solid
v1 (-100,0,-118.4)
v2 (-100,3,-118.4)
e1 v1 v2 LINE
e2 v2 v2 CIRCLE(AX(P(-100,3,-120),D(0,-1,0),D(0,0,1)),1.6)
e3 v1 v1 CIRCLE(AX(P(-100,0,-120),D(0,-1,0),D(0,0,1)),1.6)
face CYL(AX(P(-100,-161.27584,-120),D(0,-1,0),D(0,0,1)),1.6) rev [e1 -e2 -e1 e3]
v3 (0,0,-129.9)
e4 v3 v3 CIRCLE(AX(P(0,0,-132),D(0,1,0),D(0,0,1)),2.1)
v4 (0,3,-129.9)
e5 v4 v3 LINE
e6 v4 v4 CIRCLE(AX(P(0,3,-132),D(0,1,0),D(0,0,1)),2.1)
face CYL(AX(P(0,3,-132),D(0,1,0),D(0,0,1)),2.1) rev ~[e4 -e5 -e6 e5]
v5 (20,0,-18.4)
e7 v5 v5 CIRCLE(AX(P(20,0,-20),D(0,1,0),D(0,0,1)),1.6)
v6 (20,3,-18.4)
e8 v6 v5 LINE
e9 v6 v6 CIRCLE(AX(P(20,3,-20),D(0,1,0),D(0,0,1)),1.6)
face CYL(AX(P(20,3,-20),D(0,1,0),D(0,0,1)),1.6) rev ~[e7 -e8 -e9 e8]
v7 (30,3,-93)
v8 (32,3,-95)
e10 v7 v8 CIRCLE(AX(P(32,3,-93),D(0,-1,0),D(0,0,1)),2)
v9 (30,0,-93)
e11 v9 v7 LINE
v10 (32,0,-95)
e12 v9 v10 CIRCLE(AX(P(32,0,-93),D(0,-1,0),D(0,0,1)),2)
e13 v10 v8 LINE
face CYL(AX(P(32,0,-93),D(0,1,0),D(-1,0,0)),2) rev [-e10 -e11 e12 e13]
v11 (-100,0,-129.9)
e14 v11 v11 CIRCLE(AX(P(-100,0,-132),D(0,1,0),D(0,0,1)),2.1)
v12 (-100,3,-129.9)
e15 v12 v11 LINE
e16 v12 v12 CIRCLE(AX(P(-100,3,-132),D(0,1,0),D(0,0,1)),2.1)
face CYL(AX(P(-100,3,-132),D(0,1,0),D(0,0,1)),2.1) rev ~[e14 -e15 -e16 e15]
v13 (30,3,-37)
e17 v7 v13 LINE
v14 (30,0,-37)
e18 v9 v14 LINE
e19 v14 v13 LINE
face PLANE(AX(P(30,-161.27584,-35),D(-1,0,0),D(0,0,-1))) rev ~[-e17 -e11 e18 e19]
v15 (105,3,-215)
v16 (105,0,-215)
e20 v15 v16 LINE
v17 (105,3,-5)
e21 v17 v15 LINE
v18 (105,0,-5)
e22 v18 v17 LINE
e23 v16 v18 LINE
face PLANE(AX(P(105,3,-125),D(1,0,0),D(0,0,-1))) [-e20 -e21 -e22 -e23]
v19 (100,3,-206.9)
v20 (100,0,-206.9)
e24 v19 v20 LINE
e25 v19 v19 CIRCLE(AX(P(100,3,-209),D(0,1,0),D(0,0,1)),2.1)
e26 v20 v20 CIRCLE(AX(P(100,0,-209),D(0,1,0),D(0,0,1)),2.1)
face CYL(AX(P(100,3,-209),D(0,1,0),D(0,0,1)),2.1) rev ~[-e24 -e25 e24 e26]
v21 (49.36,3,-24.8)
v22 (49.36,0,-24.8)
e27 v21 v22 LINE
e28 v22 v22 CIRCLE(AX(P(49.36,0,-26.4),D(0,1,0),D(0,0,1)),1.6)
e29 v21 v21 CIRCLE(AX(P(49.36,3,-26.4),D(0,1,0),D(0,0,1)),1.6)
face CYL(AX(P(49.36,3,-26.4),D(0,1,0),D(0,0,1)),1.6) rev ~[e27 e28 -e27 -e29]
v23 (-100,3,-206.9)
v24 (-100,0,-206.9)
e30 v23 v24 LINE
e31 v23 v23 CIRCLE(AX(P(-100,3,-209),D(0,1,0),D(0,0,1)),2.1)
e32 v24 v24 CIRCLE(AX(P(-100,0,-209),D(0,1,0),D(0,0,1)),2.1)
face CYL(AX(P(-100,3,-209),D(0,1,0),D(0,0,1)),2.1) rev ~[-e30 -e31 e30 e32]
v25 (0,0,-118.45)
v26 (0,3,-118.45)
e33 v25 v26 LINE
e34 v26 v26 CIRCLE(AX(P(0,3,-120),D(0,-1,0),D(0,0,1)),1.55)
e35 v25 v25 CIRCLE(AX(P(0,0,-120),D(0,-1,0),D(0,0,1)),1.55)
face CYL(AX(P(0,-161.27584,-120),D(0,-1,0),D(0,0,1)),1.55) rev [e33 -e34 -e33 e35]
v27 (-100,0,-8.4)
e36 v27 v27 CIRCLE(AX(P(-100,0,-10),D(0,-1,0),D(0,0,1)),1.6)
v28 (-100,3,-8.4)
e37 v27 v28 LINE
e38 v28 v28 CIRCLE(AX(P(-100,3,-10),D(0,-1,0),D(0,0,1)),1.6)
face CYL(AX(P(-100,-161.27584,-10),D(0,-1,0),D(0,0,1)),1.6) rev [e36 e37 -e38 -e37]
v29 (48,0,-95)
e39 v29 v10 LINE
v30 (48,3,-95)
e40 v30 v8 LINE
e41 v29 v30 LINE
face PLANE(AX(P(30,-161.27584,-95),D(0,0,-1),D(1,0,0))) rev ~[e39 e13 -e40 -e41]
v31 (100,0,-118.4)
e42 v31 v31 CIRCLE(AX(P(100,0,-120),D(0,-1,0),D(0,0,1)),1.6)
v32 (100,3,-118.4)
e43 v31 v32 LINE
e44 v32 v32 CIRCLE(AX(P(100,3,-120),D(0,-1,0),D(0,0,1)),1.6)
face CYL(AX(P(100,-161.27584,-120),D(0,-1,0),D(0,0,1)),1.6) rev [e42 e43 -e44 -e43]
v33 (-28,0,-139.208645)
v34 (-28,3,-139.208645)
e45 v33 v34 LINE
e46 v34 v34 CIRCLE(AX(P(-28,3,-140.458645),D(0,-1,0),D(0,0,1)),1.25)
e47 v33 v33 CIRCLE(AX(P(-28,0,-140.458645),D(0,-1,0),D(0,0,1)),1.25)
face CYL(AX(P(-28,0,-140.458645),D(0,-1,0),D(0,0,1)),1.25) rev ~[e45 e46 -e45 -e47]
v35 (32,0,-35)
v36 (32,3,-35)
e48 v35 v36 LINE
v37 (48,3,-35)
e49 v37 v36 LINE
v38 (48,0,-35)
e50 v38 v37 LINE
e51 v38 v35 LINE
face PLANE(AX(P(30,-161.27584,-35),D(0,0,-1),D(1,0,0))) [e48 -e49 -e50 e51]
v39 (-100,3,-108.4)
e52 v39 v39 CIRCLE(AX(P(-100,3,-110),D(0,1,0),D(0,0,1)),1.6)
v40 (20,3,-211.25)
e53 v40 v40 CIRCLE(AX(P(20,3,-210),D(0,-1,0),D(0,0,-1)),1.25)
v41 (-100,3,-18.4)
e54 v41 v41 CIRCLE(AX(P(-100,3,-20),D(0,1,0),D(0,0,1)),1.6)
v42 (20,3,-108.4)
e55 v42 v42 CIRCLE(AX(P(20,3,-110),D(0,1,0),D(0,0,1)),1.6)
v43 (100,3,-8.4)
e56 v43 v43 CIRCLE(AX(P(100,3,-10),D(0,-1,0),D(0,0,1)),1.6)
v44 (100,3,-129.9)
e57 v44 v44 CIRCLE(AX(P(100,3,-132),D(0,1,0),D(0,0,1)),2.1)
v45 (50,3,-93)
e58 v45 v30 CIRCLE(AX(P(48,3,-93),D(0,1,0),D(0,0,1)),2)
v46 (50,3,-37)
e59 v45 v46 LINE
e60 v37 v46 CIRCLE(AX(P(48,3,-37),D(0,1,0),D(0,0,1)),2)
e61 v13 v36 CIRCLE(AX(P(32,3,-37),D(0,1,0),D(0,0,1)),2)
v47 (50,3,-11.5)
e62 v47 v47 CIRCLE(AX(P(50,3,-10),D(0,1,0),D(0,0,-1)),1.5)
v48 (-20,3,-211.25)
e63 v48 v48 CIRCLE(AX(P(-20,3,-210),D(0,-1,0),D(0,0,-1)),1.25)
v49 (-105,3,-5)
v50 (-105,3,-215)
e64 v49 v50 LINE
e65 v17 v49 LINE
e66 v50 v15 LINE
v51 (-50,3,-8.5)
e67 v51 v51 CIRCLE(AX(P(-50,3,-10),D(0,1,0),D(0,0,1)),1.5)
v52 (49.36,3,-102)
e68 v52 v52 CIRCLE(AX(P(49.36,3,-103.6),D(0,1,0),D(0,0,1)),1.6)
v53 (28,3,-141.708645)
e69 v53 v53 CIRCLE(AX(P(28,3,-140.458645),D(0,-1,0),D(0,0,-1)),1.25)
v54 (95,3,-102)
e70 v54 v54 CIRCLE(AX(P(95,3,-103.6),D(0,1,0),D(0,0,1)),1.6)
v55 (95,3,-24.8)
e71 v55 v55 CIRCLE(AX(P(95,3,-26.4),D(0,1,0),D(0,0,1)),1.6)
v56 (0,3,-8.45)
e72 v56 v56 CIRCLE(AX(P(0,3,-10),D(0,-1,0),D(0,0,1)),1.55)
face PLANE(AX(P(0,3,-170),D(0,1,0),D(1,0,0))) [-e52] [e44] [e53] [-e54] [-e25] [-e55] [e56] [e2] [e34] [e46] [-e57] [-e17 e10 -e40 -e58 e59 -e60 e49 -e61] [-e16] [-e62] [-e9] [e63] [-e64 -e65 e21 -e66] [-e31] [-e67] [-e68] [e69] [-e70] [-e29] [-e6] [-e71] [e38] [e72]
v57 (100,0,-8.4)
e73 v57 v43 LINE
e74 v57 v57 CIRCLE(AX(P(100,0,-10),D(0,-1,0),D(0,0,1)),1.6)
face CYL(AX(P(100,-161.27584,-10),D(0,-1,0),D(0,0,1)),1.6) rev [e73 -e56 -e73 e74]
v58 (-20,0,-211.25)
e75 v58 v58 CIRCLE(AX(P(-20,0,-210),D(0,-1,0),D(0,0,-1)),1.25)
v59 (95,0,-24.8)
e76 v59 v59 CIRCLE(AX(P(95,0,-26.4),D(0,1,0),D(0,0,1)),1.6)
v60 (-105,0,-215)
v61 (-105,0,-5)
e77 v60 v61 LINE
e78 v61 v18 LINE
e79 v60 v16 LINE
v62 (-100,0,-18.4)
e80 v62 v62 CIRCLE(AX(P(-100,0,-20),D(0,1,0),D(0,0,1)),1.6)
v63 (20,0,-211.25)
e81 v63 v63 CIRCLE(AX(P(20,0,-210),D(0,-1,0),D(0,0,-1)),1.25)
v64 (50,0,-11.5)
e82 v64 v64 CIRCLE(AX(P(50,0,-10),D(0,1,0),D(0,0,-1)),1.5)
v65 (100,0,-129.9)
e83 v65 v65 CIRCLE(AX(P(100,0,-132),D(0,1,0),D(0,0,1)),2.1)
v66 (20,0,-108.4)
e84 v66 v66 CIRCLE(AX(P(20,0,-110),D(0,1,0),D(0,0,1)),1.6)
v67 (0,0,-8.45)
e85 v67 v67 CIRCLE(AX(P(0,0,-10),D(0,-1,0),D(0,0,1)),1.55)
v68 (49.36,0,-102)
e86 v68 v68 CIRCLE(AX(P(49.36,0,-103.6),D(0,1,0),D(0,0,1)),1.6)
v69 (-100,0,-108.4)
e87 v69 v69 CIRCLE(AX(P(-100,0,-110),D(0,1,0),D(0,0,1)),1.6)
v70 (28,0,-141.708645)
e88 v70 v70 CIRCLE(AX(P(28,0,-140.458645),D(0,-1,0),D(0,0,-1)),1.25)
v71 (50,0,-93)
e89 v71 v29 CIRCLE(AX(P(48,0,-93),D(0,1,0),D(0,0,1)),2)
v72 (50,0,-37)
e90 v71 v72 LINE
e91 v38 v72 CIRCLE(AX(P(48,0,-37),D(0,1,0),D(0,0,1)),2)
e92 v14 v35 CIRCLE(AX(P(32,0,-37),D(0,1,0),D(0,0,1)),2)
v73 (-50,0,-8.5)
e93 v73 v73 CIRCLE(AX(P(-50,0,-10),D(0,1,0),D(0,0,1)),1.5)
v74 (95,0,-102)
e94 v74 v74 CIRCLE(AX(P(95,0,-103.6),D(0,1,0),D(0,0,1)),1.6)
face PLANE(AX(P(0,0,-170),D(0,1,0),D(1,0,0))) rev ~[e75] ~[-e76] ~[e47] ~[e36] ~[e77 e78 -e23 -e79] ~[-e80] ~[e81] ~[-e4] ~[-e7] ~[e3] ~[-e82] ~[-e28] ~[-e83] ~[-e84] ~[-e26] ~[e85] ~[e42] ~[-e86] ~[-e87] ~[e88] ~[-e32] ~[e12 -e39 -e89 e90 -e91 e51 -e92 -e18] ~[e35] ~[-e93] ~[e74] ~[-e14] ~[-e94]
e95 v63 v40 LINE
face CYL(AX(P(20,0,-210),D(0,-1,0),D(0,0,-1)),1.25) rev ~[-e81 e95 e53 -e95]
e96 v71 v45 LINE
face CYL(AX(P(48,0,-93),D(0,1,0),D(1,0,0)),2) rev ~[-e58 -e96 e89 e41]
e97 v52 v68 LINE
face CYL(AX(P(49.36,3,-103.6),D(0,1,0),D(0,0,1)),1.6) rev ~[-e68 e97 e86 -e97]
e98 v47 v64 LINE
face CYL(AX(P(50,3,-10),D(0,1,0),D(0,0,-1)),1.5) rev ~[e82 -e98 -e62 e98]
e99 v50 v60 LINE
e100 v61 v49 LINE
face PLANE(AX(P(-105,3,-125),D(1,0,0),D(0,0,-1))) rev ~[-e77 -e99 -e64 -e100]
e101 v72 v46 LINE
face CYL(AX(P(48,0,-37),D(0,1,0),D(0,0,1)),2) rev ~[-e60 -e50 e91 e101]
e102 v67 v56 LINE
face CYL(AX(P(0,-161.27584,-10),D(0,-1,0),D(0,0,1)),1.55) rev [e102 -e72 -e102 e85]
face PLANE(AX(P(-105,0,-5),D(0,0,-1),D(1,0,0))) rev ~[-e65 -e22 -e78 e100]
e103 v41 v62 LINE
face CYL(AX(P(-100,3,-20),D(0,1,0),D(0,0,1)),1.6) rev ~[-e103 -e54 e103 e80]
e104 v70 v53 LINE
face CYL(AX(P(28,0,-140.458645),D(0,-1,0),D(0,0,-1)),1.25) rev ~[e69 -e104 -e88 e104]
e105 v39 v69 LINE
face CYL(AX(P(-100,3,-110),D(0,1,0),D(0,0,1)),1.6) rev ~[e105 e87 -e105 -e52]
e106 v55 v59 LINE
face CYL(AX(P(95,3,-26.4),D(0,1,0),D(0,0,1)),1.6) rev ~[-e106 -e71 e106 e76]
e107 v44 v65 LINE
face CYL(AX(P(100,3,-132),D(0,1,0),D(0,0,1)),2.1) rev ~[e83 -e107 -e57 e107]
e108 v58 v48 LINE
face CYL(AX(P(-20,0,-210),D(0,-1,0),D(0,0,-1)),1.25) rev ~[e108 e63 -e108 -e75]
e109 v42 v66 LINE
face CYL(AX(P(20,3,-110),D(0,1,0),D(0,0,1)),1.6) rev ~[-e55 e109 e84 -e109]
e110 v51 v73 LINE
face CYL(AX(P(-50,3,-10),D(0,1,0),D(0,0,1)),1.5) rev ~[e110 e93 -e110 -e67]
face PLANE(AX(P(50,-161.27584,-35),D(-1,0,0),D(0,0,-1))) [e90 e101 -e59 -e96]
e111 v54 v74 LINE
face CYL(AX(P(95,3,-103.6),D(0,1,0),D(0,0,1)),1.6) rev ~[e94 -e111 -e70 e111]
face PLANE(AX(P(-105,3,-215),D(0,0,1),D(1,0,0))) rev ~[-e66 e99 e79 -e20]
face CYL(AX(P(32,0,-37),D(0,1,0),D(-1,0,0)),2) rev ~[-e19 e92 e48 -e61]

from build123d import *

# Parameters (mm, degrees)
SKETCH_1_W               = 210
SKETCH_1_H               = 250
EXTRUDE_1_DEPTH          = 3
SKETCH_2_W               = 210
SKETCH_2_H               = 130
CUT_EXTRUDE_1_DEPTH      = 164.275840221
CUT_EXTRUDE_2_DEPTH      = 164.275840221
CUT_EXTRUDE_2_DEPTH_BACK = 164.275840221
SKETCH_4_W               = 20
SKETCH_4_H               = 60
FILLET_2_R               = 2
CUT_EXTRUDE_3_DEPTH      = 164.275840221
CUT_EXTRUDE_3_DEPTH_BACK = 164.275840221
SKETCH_7_R               = 1.6
SKETCH_7_R_2             = 1.55
SKETCH_8_R               = 1.6
SKETCH_8_R_2             = 1.5
CUT_EXTRUDE_4_DEPTH      = 164.275840221
SKETCH_9_W               = 210
SKETCH_9_H               = 90
EXTRUDE_2_DEPTH          = 3
SKETCH_10_R              = 2.1
CUT_EXTRUDE_5_DEPTH      = 10
SKETCH_11_R              = 1.25
CUT_EXTRUDE_6_DEPTH      = 240.288528768
SKETCH_12_R              = 2.1
CUT_EXTRUDE_7_DEPTH      = 10


with BuildPart() as part:
    # 草图1 → 凸台-拉伸1 (new body)
    with BuildSketch(Plane(origin=(0, 0, 0), x_dir=(1, 0, 0), z_dir=(0, 1, 0))):
        Rectangle(SKETCH_1_W, SKETCH_1_H)
    extrude(amount=EXTRUDE_1_DEPTH)

    # 草图2 → 切除-拉伸1 (cut, through all)
    with BuildSketch(Plane(origin=(0, 0, 0), x_dir=(1, 0, 0), z_dir=(0, 1, 0))):
        with Locations((0, -60)):
            Rectangle(SKETCH_2_W, SKETCH_2_H)
    extrude(amount=CUT_EXTRUDE_1_DEPTH, mode=Mode.SUBTRACT)

    # 草图4 → 切除-拉伸2 (cut, two sides: drawn at the far end of the back side and taken through both)
    with BuildSketch(Plane(origin=(0, 3, 0), x_dir=(1, 0, 0), z_dir=(0, 1, 0)).offset(-CUT_EXTRUDE_2_DEPTH_BACK)):
        with Locations((40, 65)):
            Rectangle(SKETCH_4_W, SKETCH_4_H)
    extrude(amount=CUT_EXTRUDE_2_DEPTH + CUT_EXTRUDE_2_DEPTH_BACK, mode=Mode.SUBTRACT)

    # 圆角2
    fillet_2_edges = [part.edges().sort_by_distance(p)[0] for p in [
        (50, 1.5, -95),
        (50, 1.5, -35),
        (30, 1.5, -35),
        (30, 1.5, -95),
    ]]
    fillet(fillet_2_edges, radius=FILLET_2_R)

    # 草图7 → 切除-拉伸3 (cut, two sides: drawn at the far end of the back side and taken through both)
    with BuildSketch(Plane(origin=(0, 3, 0), x_dir=(1, 0, 0), z_dir=(0, 1, 0)).offset(-CUT_EXTRUDE_3_DEPTH_BACK)):
        with Locations(Location((100, 120, 0), (0, 0, 270))):
            Circle(SKETCH_7_R)
        with Locations(Location((0, 120, 0), (0, 0, 270))):
            Circle(SKETCH_7_R_2)
        with Locations(Location((-100, 120, 0), (0, 0, 270))):
            Circle(SKETCH_7_R)
        with Locations(Location((-100, 10, 0), (0, 0, 270))):
            Circle(SKETCH_7_R)
        with Locations(Location((0, 10, 0), (0, 0, 270))):
            Circle(SKETCH_7_R_2)
        with Locations(Location((100, 10, 0), (0, 0, 270))):
            Circle(SKETCH_7_R)
    extrude(amount=CUT_EXTRUDE_3_DEPTH + CUT_EXTRUDE_3_DEPTH_BACK, mode=Mode.SUBTRACT)

    # 草图8 → 切除-拉伸4 (cut, through all)
    with BuildSketch(Plane(origin=(0, 3, 0), x_dir=(1, 0, 0), z_dir=(0, 1, 0))):
        with Locations(Location((20, 20, 0), (0, 0, 270))):
            Circle(SKETCH_8_R)
        with Locations(Location((-100, 20, 0), (0, 0, 270))):
            Circle(SKETCH_8_R)
        with Locations(Location((-100, 110, 0), (0, 0, 270))):
            Circle(SKETCH_8_R)
        with Locations(Location((20, 110, 0), (0, 0, 270))):
            Circle(SKETCH_8_R)
        with Locations(Location((-50, 10, 0), (0, 0, 270))):
            Circle(SKETCH_8_R_2)
        with Locations(Location((50, 10, 0), (0, 0, 90))):
            Circle(SKETCH_8_R_2)
        with Locations(Location((95, 26.4, 0), (0, 0, 270))):
            Circle(SKETCH_8_R)
        with Locations(Location((49.36, 26.4, 0), (0, 0, 270))):
            Circle(SKETCH_8_R)
        with Locations(Location((49.36, 103.6, 0), (0, 0, 270))):
            Circle(SKETCH_8_R)
        with Locations(Location((95, 103.6, 0), (0, 0, 270))):
            Circle(SKETCH_8_R)
    extrude(amount=-CUT_EXTRUDE_4_DEPTH, mode=Mode.SUBTRACT)

    # 草图9 → 凸台-拉伸2 (add)
    with BuildSketch(Plane(origin=(0, 3, 0), x_dir=(1, 0, 0), z_dir=(0, 1, 0))):
        with Locations((0, 170)):
            Rectangle(SKETCH_9_W, SKETCH_9_H)
    extrude(amount=-EXTRUDE_2_DEPTH)

    # 草图10 → 切除-拉伸5 (cut)
    with BuildSketch(Plane(origin=(0, 3, 0), x_dir=(1, 0, 0), z_dir=(0, 1, 0))):
        with Locations(Location((100, 132, 0), (0, 0, 270))):
            Circle(SKETCH_10_R)
        with Locations(Location((-100, 132, 0), (0, 0, 270))):
            Circle(SKETCH_10_R)
        with Locations(Location((0, 132, 0), (0, 0, 270))):
            Circle(SKETCH_10_R)
    extrude(amount=-CUT_EXTRUDE_5_DEPTH, mode=Mode.SUBTRACT)

    # 草图11 → 切除-拉伸6 (cut, through all)
    with BuildSketch(Plane(origin=(0, 0, 0), x_dir=(-1, 0, 0), z_dir=(0, -1, 0))):
        with Locations(Location((20, 210, 0), (0, 0, 90))):
            Circle(SKETCH_11_R)
        with Locations(Location((-20, 210, 0), (0, 0, 90))):
            Circle(SKETCH_11_R)
        with Locations(Location((28, 140.458645397, 0), (0, 0, 270))):
            Circle(SKETCH_11_R)
        with Locations(Location((-28, 140.458645397, 0), (0, 0, 90))):
            Circle(SKETCH_11_R)
    extrude(amount=-CUT_EXTRUDE_6_DEPTH, mode=Mode.SUBTRACT)

    # 草图12 → 切除-拉伸7 (cut)
    with BuildSketch(Plane(origin=(0, 3, 0), x_dir=(1, 0, 0), z_dir=(0, 1, 0))):
        with Locations(Location((100, 209, 0), (0, 0, 270))):
            Circle(SKETCH_12_R)
        with Locations(Location((-100, 209, 0), (0, 0, 270))):
            Circle(SKETCH_12_R)
    extrude(amount=-CUT_EXTRUDE_7_DEPTH, mode=Mode.SUBTRACT)


solid = part.part
